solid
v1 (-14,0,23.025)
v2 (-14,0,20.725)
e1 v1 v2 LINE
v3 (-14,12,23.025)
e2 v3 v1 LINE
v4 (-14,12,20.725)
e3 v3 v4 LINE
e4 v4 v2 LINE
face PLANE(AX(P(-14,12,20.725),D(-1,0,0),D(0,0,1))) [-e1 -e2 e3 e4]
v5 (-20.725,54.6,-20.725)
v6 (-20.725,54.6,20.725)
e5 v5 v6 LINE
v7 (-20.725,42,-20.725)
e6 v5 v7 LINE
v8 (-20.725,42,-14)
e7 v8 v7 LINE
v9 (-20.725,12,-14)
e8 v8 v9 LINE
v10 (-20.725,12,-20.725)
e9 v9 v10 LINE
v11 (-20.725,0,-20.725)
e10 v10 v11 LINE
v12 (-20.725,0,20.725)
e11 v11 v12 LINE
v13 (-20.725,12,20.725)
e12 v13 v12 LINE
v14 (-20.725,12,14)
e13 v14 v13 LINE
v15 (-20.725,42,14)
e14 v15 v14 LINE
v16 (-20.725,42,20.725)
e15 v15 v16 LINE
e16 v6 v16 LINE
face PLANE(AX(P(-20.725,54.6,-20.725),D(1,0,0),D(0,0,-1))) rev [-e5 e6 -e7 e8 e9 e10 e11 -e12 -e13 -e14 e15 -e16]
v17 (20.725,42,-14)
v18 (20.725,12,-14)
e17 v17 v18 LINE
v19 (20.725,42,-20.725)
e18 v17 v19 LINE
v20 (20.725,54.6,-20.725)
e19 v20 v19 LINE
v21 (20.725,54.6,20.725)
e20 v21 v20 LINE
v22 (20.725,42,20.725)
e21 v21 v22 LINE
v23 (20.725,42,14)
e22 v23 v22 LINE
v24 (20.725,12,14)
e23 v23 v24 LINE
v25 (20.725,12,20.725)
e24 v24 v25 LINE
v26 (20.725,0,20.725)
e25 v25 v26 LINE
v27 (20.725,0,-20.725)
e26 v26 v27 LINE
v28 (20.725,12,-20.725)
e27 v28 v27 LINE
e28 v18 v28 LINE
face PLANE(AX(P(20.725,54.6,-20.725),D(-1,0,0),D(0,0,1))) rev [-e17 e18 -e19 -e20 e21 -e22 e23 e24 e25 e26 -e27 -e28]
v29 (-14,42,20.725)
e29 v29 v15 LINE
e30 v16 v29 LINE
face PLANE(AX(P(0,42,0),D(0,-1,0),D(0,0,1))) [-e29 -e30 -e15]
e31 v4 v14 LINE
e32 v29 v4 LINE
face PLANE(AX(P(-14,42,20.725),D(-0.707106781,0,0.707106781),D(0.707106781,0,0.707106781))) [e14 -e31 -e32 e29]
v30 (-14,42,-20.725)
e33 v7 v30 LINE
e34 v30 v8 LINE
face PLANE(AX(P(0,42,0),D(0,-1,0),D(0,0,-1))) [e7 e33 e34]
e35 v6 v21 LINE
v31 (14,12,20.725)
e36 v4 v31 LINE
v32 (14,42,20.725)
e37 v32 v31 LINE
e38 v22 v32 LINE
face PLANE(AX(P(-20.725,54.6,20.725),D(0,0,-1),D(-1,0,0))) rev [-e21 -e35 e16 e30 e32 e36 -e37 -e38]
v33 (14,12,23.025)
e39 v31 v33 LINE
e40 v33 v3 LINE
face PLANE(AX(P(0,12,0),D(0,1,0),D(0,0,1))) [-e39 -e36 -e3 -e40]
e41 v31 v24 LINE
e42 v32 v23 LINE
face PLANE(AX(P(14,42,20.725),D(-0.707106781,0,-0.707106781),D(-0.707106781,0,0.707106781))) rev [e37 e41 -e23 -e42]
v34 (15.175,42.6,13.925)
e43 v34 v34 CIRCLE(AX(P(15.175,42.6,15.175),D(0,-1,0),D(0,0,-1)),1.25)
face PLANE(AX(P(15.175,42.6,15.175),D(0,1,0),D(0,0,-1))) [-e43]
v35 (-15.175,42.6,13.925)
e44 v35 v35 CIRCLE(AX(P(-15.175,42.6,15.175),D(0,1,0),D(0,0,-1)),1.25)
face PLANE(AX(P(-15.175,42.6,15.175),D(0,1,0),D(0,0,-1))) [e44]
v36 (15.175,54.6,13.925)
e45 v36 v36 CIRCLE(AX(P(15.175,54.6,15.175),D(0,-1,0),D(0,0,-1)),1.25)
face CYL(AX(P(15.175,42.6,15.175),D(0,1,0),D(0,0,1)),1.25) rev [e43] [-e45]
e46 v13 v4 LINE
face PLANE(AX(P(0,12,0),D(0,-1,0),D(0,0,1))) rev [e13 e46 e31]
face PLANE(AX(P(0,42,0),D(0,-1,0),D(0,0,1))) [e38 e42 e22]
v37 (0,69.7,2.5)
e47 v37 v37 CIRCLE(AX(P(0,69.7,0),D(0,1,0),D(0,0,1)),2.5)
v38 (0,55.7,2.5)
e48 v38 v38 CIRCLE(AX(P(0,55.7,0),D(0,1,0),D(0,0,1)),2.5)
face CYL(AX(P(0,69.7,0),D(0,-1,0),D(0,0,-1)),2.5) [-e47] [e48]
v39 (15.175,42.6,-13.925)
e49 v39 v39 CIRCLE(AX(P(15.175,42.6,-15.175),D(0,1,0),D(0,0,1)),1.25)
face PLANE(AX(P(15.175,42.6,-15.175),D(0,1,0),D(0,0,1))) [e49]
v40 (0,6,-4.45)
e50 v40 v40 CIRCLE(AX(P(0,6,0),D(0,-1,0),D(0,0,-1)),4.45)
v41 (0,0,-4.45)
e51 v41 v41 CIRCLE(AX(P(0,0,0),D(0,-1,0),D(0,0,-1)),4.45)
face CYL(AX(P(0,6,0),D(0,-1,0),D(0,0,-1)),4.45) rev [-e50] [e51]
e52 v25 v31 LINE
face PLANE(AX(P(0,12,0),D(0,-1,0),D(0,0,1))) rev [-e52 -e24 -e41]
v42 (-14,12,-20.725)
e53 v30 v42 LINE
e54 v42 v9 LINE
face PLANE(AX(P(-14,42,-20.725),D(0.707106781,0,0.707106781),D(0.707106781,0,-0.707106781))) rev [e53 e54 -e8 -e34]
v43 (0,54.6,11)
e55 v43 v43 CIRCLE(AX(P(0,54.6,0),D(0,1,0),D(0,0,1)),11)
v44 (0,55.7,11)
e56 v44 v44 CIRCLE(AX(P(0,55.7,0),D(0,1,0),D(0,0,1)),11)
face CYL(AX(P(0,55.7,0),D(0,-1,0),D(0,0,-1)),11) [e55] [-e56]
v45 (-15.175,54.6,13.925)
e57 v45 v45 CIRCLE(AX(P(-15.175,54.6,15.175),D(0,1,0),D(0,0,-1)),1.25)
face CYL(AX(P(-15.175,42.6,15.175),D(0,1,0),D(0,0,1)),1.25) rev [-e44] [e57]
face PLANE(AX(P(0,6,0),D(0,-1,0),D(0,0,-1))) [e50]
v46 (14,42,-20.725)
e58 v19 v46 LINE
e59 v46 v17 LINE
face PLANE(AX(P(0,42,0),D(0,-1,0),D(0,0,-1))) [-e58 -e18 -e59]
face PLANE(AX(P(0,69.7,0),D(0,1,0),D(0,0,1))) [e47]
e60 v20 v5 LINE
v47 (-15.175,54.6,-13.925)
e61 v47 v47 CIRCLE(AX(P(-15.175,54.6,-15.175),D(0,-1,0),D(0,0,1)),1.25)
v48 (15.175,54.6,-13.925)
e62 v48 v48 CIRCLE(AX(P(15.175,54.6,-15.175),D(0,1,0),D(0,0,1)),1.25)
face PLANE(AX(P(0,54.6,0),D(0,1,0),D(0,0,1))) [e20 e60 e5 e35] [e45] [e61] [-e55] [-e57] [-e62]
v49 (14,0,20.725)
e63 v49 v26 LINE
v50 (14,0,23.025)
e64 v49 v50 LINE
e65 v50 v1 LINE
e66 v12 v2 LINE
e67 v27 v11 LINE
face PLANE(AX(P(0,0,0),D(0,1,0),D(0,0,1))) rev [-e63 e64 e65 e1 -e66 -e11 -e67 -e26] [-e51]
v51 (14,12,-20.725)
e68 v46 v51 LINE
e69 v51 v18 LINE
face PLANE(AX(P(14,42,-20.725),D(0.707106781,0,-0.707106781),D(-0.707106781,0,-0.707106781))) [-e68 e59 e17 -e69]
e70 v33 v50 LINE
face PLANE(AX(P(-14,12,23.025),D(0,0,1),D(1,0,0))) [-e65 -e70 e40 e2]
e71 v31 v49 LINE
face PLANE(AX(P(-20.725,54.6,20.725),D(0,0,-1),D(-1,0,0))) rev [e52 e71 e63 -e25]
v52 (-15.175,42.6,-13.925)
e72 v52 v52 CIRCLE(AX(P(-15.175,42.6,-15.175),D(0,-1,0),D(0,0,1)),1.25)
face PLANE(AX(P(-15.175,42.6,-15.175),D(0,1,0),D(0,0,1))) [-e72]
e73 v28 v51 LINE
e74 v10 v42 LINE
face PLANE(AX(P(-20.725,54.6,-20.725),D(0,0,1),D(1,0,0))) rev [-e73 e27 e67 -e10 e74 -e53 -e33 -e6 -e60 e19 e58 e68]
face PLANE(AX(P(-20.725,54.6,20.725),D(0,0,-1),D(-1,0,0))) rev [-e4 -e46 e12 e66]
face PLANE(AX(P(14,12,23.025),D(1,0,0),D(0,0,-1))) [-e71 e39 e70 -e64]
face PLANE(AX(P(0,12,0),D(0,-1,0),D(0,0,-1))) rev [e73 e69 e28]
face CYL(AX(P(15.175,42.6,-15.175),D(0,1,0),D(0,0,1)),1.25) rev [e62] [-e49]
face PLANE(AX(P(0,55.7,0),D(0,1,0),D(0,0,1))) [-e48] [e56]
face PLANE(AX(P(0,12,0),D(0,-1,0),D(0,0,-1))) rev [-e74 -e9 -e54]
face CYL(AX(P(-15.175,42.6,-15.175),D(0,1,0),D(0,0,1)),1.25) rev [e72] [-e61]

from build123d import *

# Parameters (mm, degrees)
SKETCH1_W               = 41.45
SKETCH1_H               = 41.45
BOSS_EXTRUDE1_DEPTH     = 54.6
SKETCH2_R               = 11
BOSS_EXTRUDE2_DEPTH     = 1.1
SKETCH3_R               = 2.5
BOSS_EXTRUDE3_DEPTH     = 14
BOSS_EXTRUDE4_DEPTH     = 12
SKETCH5_R               = 1.25
CUT_EXTRUDE1_DEPTH      = 12
MIRROR2_COPY_1_SKETCH_R = 1.25
MIRROR2_COPY_1_DEPTH    = 12
CUT_EXTRUDE2_DEPTH      = 30
MIRROR4_COPY_1_DEPTH    = 30
SKETCH10_R              = 4.45
CUT_EXTRUDE3_DEPTH      = 6


with BuildPart() as part:
    # Sketch1 → Boss-Extrude1 (new body)
    with BuildSketch(Plane(origin=(0, 0, 0), x_dir=(1, 0, 0), z_dir=(0, 1, 0))):
        Rectangle(SKETCH1_W, SKETCH1_H)
    extrude(amount=BOSS_EXTRUDE1_DEPTH)

    # Sketch2 → Boss-Extrude2 (add)
    with BuildSketch(Plane(origin=(0, 54.6, 0), x_dir=(1, 0, 0), z_dir=(0, 1, 0))):
        Circle(SKETCH2_R)
    extrude(amount=BOSS_EXTRUDE2_DEPTH)

    # Sketch3 → Boss-Extrude3 (add)
    with BuildSketch(Plane(origin=(0, 55.7, 0), x_dir=(1, 0, 0), z_dir=(0, 1, 0))):
        Circle(SKETCH3_R)
    extrude(amount=BOSS_EXTRUDE3_DEPTH)

    # Sketch4 → Boss-Extrude4 (add)
    with BuildSketch(Plane.XZ):
        Polygon((0, 20.725), (14, 20.725), (14, 23.025), (-14, 23.025), (-14, 20.725), align=None)
    extrude(amount=-BOSS_EXTRUDE4_DEPTH)

    # Sketch5 → Cut-Extrude1 (cut)
    with BuildSketch(Plane(origin=(0, 54.6, 0), x_dir=(1, 0, 0), z_dir=(0, 1, 0))):
        with Locations((15.175, 15.175)):
            Circle(SKETCH5_R)
    cut_extrude1 = extrude(amount=-CUT_EXTRUDE1_DEPTH, mode=Mode.SUBTRACT)

    # Mirror1: Cut-Extrude1 across plane
    add(cut_extrude1.mirror(Plane.XY), mode=Mode.SUBTRACT)

    # Mirror2: Cut-Extrude1 across plane
    add(cut_extrude1.mirror(Plane(origin=(0, 0, 0), x_dir=(0, 0, 1), z_dir=(1, 0, 0))), mode=Mode.SUBTRACT)

    # Mirror2 copy 1 sketch → Mirror2 copy 1 (cut)
    with BuildSketch(Plane(origin=(0, 54.6, 0), x_dir=(-1, 0, 0), z_dir=(0, 1, 0))):
        with Locations((15.175, 15.175)):
            Circle(MIRROR2_COPY_1_SKETCH_R)
    extrude(amount=-MIRROR2_COPY_1_DEPTH, mode=Mode.SUBTRACT)

    # Sketch8 → Cut-Extrude2 (cut)
    with BuildSketch(Plane(origin=(0, 12, 0), x_dir=(1, 0, 0), z_dir=(0, 1, 0))):
        Polygon((-20.725, 14), (-20.725, 20.725), (-14, 20.725), align=None)
    cut_extrude2 = extrude(amount=CUT_EXTRUDE2_DEPTH, mode=Mode.SUBTRACT)

    # Mirror3: Cut-Extrude2 across plane
    add(cut_extrude2.mirror(Plane(origin=(0, 0, 0), x_dir=(0, 0, 1), z_dir=(1, 0, 0))), mode=Mode.SUBTRACT)

    # Mirror4: Cut-Extrude2 across plane
    add(cut_extrude2.mirror(Plane.XY), mode=Mode.SUBTRACT)

    # Mirror4 copy 1 sketch → Mirror4 copy 1 (cut)
    with BuildSketch(Plane(origin=(0, 12, 0), x_dir=(-1, 0, 0), z_dir=(0, 1, 0))):
        Polygon((-20.725, 14), (-20.725, 20.725), (-14, 20.725), align=None)
    extrude(amount=MIRROR4_COPY_1_DEPTH, mode=Mode.SUBTRACT)

    # Sketch10 → Cut-Extrude3 (cut)
    with BuildSketch(Plane.XZ):
        Circle(SKETCH10_R)
    extrude(amount=-CUT_EXTRUDE3_DEPTH, mode=Mode.SUBTRACT)


solid = part.part
